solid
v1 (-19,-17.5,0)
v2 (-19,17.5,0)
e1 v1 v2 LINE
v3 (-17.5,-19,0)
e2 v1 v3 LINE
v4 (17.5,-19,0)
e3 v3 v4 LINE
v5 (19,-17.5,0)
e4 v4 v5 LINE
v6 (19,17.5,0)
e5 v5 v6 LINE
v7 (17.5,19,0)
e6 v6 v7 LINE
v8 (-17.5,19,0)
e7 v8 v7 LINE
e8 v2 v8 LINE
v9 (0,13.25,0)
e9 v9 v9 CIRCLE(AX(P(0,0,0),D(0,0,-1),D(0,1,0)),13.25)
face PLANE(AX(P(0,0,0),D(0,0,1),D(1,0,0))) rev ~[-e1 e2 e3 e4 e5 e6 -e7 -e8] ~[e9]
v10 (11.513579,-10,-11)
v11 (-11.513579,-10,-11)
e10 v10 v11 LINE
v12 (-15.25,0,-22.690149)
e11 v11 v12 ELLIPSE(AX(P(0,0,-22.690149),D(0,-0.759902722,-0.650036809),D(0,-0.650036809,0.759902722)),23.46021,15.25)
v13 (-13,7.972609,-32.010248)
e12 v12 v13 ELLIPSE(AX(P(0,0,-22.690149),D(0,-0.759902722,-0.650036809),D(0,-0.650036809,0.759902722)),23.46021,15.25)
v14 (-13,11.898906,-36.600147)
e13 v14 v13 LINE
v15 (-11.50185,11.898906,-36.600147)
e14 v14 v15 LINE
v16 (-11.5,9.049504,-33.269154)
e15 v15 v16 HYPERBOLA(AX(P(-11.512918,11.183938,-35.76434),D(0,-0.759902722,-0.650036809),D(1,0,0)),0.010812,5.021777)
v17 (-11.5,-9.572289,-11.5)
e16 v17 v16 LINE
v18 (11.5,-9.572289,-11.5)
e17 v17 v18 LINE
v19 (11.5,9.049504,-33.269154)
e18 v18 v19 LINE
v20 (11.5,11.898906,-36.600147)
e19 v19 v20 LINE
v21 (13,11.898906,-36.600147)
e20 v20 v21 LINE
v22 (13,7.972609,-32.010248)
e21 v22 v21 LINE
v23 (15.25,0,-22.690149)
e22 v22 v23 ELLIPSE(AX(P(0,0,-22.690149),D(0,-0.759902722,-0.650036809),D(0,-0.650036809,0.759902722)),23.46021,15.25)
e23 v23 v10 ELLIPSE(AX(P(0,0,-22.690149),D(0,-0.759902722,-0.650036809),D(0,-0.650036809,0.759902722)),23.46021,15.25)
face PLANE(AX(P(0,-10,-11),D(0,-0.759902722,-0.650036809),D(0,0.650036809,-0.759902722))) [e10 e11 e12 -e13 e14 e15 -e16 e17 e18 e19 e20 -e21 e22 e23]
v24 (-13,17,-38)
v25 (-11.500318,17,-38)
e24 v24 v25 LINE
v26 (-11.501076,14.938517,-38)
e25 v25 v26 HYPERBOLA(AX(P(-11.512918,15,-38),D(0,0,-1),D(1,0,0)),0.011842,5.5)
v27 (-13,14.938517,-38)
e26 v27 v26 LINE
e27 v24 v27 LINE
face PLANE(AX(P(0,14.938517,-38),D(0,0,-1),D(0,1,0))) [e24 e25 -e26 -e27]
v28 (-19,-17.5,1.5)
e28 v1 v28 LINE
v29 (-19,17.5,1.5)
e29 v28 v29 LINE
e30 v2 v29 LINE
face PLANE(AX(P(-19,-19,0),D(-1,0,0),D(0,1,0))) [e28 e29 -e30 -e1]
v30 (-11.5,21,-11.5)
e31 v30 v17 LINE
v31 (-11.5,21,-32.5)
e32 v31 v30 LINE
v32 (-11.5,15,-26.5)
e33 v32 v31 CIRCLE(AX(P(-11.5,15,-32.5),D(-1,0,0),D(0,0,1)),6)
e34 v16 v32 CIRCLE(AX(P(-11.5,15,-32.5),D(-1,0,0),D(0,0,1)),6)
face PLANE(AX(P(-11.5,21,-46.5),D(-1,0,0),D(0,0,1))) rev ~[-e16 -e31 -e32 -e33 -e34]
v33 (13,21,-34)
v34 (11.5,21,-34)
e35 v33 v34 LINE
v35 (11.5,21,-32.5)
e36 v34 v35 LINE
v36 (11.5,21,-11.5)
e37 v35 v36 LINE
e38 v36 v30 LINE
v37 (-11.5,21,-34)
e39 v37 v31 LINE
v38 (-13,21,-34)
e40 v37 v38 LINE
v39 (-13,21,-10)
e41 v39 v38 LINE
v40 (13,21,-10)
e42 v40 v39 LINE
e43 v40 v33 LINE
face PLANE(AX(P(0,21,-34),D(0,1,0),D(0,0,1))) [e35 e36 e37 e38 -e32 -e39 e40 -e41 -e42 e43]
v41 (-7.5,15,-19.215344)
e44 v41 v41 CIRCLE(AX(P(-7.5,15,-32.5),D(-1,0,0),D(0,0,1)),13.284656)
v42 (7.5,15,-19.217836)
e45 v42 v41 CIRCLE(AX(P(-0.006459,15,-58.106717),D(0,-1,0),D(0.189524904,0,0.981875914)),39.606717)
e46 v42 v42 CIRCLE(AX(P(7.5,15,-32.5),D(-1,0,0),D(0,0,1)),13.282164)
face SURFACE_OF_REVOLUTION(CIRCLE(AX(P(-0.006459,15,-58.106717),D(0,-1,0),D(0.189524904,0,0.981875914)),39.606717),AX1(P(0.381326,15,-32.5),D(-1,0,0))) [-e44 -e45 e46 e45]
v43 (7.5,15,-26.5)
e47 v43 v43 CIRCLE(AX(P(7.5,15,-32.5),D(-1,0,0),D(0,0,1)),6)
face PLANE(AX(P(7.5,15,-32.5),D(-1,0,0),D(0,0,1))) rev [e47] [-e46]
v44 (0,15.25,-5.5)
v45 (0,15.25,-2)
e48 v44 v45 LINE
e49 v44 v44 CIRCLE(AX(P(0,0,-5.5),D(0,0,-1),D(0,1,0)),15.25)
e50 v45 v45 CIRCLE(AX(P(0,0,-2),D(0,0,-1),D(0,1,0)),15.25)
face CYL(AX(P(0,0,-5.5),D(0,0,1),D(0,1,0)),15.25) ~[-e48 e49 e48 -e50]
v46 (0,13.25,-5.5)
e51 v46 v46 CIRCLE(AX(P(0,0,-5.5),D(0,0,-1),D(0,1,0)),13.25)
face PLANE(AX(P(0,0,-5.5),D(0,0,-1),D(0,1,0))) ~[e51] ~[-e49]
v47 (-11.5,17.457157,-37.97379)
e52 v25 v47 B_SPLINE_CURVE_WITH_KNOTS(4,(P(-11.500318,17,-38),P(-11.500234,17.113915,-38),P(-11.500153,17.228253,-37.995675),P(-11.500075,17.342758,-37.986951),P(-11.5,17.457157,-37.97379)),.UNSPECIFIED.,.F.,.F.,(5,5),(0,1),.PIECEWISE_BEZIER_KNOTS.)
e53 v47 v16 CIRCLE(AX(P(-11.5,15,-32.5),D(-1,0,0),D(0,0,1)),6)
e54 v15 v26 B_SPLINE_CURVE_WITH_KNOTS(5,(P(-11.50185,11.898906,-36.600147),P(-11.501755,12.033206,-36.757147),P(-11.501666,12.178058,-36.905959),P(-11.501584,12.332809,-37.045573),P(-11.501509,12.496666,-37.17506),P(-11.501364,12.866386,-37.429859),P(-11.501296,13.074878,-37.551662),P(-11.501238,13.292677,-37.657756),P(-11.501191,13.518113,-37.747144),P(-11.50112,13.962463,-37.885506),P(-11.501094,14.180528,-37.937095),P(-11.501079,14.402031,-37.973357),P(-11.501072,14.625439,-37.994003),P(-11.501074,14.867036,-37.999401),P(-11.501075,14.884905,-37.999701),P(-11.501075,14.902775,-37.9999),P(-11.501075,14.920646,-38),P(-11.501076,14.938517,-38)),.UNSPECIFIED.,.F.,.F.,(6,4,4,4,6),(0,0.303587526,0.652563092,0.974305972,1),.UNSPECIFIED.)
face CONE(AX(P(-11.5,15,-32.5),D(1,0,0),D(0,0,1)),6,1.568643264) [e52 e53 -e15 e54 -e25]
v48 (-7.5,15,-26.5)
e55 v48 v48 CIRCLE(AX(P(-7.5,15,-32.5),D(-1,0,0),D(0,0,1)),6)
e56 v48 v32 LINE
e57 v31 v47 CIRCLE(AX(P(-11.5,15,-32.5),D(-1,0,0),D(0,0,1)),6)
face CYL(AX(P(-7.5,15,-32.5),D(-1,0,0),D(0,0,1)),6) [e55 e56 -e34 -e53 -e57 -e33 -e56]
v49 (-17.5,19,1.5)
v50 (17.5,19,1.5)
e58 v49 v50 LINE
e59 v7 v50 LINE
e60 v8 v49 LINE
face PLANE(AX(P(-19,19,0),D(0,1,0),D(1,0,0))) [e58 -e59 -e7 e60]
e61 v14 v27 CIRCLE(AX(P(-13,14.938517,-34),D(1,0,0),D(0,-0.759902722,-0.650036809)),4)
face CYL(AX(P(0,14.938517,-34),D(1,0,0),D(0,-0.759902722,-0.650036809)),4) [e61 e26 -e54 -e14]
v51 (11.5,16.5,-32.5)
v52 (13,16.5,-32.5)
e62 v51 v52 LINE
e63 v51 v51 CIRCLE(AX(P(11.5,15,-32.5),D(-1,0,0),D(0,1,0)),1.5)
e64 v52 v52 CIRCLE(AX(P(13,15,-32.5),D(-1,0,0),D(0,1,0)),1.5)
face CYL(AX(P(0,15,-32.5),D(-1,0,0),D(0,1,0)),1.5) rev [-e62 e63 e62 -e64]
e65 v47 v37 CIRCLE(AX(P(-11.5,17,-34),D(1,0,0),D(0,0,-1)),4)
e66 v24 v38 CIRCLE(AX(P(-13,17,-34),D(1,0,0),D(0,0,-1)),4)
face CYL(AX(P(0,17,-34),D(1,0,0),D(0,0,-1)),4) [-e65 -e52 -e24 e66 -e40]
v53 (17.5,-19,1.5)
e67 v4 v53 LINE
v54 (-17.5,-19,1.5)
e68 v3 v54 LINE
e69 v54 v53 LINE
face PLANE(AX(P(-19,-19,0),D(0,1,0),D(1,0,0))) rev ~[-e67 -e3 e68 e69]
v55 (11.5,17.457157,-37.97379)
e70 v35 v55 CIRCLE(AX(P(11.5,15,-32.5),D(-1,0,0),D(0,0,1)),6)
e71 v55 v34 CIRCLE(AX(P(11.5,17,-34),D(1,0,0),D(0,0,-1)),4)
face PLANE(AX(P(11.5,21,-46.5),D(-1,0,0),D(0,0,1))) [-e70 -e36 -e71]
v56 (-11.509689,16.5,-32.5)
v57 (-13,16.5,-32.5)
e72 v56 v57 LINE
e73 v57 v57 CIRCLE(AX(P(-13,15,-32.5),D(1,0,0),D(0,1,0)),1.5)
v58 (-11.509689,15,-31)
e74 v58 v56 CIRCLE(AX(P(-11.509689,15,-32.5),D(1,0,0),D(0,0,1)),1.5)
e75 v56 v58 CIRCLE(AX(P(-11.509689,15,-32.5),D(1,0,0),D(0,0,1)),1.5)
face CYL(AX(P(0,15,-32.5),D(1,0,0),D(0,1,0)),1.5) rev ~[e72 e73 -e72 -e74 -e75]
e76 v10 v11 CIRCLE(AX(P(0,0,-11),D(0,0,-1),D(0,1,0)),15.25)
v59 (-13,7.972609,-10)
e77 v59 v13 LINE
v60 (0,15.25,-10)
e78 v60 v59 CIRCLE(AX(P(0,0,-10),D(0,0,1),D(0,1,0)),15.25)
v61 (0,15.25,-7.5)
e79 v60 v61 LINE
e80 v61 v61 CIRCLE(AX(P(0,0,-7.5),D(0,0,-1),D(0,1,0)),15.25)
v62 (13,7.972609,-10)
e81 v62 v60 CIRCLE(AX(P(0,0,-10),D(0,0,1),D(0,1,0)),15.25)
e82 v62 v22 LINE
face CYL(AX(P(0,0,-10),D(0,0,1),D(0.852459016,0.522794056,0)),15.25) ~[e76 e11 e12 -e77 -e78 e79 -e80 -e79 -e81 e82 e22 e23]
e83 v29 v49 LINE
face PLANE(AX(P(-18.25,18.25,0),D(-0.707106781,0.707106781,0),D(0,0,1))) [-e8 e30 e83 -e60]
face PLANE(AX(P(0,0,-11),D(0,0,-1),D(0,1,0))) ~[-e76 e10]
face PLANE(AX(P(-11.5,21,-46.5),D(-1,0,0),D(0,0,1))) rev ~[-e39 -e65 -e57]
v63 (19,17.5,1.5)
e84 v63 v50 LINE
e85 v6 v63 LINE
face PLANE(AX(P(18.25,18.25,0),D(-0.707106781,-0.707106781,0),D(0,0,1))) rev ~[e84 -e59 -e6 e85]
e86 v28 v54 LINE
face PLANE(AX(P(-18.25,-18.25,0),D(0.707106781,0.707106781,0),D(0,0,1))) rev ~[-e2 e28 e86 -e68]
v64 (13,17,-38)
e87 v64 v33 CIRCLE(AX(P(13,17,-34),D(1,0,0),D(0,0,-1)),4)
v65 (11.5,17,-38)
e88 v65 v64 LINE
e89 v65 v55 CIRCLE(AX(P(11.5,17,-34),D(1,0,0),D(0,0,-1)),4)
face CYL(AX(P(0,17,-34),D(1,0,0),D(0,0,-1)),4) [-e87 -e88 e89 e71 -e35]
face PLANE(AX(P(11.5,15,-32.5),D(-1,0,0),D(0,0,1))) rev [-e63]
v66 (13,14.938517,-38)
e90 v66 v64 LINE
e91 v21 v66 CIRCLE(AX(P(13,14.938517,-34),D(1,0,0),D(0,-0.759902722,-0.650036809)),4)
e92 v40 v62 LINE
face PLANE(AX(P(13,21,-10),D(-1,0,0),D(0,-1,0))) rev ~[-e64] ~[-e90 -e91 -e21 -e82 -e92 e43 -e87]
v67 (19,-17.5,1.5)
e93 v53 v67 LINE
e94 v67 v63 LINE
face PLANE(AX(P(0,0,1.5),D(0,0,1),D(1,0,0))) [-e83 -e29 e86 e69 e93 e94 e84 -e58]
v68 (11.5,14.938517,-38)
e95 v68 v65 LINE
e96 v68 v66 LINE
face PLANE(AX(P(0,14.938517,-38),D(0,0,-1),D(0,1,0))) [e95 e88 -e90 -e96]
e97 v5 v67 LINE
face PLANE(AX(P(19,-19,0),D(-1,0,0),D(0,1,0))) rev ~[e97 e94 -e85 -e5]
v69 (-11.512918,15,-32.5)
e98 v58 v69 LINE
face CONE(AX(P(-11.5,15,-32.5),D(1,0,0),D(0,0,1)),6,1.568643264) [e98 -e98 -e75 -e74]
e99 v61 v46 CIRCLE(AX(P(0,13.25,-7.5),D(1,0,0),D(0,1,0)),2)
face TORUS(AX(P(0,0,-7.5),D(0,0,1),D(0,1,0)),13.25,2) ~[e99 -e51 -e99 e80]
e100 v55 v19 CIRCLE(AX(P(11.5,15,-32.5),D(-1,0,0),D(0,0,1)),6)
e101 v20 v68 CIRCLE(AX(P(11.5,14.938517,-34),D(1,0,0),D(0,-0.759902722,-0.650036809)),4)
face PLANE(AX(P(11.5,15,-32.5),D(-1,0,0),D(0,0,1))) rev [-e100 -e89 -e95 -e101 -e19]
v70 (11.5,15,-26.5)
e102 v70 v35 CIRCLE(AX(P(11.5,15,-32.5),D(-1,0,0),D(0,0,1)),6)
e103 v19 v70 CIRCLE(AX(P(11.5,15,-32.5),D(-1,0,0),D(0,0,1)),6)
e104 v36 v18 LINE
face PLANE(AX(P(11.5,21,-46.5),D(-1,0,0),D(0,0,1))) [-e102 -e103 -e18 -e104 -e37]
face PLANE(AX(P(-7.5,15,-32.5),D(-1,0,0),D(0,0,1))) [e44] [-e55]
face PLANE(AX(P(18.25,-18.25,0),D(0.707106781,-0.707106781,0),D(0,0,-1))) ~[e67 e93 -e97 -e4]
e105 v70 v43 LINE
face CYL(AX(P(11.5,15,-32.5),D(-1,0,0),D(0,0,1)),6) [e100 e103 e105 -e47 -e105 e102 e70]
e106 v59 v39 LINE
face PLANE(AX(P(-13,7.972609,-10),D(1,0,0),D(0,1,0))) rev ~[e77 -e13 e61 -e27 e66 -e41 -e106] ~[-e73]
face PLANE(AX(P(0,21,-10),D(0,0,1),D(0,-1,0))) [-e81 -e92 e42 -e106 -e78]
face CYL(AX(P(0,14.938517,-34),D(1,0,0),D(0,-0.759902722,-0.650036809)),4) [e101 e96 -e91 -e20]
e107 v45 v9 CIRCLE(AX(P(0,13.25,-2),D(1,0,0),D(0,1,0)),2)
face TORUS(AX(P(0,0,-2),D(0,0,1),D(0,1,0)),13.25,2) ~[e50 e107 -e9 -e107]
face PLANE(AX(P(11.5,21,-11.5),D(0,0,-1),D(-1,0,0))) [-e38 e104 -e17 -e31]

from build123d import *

# Parameters (mm, degrees)
F0_W          = 38
F0_H          = 38
F1_DEPTH      = 1.5
F2_SIZE       = 1.5
F5_R          = 1.5
F6_DEPTH      = 15.25
F6_DEPTH_BACK = 15.25
F8_DEPTH      = 30
F9_W          = 23
F9_H          = 35
F10_DEPTH     = 40.001


with BuildPart() as f1:
    # F0 (on Top) → F1 (new body)
    with BuildSketch(Plane.XY):
        Rectangle(F0_W, F0_H)
    extrude(amount=F1_DEPTH)

    # F2
    f2_edges = [f1.edges().sort_by_distance(p)[0] for p in [
        (-19, 19, 0.75),
        (-19, -19, 0.75),
        (19, -19, 0.75),
        (19, 19, 0.75),
    ]]
    chamfer(f2_edges, length=F2_SIZE)

    # F3 (on Right) → F4 (revolve)
    with BuildSketch(Plane.YZ):
        with BuildLine():
            Line((13.25, 0), (0, 0))
            Line((0, 0), (0, -11))
            Line((0, -11), (15.25, -11))
            Line((15.25, -11), (15.25, -7.5))
            ThreePointArc((15.25, -7.5), (14.6642135624, -6.0857864376), (13.25, -5.5))
            Line((13.25, -5.5), (15.25, -5.5))
            Line((15.25, -5.5), (15.25, -2))
            ThreePointArc((15.25, -2), (14.6642135624, -0.5857864376), (13.25, 0))
        make_face()
    revolve(axis=Axis((0, 0, -0.5291854686), (0, 0, -1)))

    # F5 (on Right) → F6 (join, two sides)
    with BuildSketch(Plane.YZ) as f6_sk:
        with BuildLine():
            Line((-10, -10), (-10, -11))
            Line((-10, -11), (11.898905654, -36.6001472357))
            ThreePointArc((11.898905654, -36.6001472357), (13.2652844817, -37.63322095), (14.9385165423, -38))
            Line((14.9385165423, -38), (17, -38))
            ThreePointArc((17, -38), (19.8284271247, -36.8284271247), (21, -34))
            Line((21, -34), (21, -10))
            Line((21, -10), (-10, -10))
        make_face()
        with Locations((15, -32.5)):
            Circle(F5_R, mode=Mode.SUBTRACT)
    extrude(amount=F6_DEPTH)
    extrude(f6_sk.sketch, amount=-F6_DEPTH_BACK)

    # F7 (on face) → F8 (cut)
    with BuildSketch(Plane.XY.offset(-10)):
        with BuildLine():
            Line((-22.5, 21), (-22.5, -19))
            Line((-22.5, -19), (22.5, -19))
            Line((22.5, -19), (22.5, 21))
            Line((22.5, 21), (13, 21))
            Line((13, 21), (13, 7.9726093596))
            ThreePointArc((13, 7.9726093596), (0, -15.25), (-13, 7.9726093596))
            Line((-13, 7.9726093596), (-13, 21))
            Line((-13, 21), (-22.5, 21))
        make_face()
    extrude(amount=-F8_DEPTH, mode=Mode.SUBTRACT)

    # F9 (on face) → F10 (cut, through all)
    with BuildSketch(Plane(origin=(0, 21, 0), x_dir=(-1, 0, 0), z_dir=(0, 1, 0))):
        with Locations((0, -29)):
            Rectangle(F9_W, F9_H)
    extrude(amount=-F10_DEPTH, mode=Mode.SUBTRACT)

    # F12 (on offset) → F13 (revolve)
    with BuildSketch(Plane.XZ.offset(-15)):
        with BuildLine():
            Line((11.5, -32.5), (11.5, -26.5))
            Line((11.5, -26.5), (7.5, -26.5))
            Line((7.5, -26.5), (7.5, -19.2178355349))
            ThreePointArc((7.5, -19.2178355349), (0.0001190172, -18.5000005463), (-7.5, -19.215344209))
            Line((-7.5, -19.215344209), (-7.5, -26.5))
            Line((-7.5, -26.5), (-11.5, -26.5))
            Line((-11.5, -26.5), (-11.5129183978, -32.5))
            Line((-11.5129183978, -32.5), (11.5, -32.5))
        make_face()
    revolve(axis=Axis((0.3813263029, 15, -32.5), (-1, 0, 0)))


solid = f1.part
